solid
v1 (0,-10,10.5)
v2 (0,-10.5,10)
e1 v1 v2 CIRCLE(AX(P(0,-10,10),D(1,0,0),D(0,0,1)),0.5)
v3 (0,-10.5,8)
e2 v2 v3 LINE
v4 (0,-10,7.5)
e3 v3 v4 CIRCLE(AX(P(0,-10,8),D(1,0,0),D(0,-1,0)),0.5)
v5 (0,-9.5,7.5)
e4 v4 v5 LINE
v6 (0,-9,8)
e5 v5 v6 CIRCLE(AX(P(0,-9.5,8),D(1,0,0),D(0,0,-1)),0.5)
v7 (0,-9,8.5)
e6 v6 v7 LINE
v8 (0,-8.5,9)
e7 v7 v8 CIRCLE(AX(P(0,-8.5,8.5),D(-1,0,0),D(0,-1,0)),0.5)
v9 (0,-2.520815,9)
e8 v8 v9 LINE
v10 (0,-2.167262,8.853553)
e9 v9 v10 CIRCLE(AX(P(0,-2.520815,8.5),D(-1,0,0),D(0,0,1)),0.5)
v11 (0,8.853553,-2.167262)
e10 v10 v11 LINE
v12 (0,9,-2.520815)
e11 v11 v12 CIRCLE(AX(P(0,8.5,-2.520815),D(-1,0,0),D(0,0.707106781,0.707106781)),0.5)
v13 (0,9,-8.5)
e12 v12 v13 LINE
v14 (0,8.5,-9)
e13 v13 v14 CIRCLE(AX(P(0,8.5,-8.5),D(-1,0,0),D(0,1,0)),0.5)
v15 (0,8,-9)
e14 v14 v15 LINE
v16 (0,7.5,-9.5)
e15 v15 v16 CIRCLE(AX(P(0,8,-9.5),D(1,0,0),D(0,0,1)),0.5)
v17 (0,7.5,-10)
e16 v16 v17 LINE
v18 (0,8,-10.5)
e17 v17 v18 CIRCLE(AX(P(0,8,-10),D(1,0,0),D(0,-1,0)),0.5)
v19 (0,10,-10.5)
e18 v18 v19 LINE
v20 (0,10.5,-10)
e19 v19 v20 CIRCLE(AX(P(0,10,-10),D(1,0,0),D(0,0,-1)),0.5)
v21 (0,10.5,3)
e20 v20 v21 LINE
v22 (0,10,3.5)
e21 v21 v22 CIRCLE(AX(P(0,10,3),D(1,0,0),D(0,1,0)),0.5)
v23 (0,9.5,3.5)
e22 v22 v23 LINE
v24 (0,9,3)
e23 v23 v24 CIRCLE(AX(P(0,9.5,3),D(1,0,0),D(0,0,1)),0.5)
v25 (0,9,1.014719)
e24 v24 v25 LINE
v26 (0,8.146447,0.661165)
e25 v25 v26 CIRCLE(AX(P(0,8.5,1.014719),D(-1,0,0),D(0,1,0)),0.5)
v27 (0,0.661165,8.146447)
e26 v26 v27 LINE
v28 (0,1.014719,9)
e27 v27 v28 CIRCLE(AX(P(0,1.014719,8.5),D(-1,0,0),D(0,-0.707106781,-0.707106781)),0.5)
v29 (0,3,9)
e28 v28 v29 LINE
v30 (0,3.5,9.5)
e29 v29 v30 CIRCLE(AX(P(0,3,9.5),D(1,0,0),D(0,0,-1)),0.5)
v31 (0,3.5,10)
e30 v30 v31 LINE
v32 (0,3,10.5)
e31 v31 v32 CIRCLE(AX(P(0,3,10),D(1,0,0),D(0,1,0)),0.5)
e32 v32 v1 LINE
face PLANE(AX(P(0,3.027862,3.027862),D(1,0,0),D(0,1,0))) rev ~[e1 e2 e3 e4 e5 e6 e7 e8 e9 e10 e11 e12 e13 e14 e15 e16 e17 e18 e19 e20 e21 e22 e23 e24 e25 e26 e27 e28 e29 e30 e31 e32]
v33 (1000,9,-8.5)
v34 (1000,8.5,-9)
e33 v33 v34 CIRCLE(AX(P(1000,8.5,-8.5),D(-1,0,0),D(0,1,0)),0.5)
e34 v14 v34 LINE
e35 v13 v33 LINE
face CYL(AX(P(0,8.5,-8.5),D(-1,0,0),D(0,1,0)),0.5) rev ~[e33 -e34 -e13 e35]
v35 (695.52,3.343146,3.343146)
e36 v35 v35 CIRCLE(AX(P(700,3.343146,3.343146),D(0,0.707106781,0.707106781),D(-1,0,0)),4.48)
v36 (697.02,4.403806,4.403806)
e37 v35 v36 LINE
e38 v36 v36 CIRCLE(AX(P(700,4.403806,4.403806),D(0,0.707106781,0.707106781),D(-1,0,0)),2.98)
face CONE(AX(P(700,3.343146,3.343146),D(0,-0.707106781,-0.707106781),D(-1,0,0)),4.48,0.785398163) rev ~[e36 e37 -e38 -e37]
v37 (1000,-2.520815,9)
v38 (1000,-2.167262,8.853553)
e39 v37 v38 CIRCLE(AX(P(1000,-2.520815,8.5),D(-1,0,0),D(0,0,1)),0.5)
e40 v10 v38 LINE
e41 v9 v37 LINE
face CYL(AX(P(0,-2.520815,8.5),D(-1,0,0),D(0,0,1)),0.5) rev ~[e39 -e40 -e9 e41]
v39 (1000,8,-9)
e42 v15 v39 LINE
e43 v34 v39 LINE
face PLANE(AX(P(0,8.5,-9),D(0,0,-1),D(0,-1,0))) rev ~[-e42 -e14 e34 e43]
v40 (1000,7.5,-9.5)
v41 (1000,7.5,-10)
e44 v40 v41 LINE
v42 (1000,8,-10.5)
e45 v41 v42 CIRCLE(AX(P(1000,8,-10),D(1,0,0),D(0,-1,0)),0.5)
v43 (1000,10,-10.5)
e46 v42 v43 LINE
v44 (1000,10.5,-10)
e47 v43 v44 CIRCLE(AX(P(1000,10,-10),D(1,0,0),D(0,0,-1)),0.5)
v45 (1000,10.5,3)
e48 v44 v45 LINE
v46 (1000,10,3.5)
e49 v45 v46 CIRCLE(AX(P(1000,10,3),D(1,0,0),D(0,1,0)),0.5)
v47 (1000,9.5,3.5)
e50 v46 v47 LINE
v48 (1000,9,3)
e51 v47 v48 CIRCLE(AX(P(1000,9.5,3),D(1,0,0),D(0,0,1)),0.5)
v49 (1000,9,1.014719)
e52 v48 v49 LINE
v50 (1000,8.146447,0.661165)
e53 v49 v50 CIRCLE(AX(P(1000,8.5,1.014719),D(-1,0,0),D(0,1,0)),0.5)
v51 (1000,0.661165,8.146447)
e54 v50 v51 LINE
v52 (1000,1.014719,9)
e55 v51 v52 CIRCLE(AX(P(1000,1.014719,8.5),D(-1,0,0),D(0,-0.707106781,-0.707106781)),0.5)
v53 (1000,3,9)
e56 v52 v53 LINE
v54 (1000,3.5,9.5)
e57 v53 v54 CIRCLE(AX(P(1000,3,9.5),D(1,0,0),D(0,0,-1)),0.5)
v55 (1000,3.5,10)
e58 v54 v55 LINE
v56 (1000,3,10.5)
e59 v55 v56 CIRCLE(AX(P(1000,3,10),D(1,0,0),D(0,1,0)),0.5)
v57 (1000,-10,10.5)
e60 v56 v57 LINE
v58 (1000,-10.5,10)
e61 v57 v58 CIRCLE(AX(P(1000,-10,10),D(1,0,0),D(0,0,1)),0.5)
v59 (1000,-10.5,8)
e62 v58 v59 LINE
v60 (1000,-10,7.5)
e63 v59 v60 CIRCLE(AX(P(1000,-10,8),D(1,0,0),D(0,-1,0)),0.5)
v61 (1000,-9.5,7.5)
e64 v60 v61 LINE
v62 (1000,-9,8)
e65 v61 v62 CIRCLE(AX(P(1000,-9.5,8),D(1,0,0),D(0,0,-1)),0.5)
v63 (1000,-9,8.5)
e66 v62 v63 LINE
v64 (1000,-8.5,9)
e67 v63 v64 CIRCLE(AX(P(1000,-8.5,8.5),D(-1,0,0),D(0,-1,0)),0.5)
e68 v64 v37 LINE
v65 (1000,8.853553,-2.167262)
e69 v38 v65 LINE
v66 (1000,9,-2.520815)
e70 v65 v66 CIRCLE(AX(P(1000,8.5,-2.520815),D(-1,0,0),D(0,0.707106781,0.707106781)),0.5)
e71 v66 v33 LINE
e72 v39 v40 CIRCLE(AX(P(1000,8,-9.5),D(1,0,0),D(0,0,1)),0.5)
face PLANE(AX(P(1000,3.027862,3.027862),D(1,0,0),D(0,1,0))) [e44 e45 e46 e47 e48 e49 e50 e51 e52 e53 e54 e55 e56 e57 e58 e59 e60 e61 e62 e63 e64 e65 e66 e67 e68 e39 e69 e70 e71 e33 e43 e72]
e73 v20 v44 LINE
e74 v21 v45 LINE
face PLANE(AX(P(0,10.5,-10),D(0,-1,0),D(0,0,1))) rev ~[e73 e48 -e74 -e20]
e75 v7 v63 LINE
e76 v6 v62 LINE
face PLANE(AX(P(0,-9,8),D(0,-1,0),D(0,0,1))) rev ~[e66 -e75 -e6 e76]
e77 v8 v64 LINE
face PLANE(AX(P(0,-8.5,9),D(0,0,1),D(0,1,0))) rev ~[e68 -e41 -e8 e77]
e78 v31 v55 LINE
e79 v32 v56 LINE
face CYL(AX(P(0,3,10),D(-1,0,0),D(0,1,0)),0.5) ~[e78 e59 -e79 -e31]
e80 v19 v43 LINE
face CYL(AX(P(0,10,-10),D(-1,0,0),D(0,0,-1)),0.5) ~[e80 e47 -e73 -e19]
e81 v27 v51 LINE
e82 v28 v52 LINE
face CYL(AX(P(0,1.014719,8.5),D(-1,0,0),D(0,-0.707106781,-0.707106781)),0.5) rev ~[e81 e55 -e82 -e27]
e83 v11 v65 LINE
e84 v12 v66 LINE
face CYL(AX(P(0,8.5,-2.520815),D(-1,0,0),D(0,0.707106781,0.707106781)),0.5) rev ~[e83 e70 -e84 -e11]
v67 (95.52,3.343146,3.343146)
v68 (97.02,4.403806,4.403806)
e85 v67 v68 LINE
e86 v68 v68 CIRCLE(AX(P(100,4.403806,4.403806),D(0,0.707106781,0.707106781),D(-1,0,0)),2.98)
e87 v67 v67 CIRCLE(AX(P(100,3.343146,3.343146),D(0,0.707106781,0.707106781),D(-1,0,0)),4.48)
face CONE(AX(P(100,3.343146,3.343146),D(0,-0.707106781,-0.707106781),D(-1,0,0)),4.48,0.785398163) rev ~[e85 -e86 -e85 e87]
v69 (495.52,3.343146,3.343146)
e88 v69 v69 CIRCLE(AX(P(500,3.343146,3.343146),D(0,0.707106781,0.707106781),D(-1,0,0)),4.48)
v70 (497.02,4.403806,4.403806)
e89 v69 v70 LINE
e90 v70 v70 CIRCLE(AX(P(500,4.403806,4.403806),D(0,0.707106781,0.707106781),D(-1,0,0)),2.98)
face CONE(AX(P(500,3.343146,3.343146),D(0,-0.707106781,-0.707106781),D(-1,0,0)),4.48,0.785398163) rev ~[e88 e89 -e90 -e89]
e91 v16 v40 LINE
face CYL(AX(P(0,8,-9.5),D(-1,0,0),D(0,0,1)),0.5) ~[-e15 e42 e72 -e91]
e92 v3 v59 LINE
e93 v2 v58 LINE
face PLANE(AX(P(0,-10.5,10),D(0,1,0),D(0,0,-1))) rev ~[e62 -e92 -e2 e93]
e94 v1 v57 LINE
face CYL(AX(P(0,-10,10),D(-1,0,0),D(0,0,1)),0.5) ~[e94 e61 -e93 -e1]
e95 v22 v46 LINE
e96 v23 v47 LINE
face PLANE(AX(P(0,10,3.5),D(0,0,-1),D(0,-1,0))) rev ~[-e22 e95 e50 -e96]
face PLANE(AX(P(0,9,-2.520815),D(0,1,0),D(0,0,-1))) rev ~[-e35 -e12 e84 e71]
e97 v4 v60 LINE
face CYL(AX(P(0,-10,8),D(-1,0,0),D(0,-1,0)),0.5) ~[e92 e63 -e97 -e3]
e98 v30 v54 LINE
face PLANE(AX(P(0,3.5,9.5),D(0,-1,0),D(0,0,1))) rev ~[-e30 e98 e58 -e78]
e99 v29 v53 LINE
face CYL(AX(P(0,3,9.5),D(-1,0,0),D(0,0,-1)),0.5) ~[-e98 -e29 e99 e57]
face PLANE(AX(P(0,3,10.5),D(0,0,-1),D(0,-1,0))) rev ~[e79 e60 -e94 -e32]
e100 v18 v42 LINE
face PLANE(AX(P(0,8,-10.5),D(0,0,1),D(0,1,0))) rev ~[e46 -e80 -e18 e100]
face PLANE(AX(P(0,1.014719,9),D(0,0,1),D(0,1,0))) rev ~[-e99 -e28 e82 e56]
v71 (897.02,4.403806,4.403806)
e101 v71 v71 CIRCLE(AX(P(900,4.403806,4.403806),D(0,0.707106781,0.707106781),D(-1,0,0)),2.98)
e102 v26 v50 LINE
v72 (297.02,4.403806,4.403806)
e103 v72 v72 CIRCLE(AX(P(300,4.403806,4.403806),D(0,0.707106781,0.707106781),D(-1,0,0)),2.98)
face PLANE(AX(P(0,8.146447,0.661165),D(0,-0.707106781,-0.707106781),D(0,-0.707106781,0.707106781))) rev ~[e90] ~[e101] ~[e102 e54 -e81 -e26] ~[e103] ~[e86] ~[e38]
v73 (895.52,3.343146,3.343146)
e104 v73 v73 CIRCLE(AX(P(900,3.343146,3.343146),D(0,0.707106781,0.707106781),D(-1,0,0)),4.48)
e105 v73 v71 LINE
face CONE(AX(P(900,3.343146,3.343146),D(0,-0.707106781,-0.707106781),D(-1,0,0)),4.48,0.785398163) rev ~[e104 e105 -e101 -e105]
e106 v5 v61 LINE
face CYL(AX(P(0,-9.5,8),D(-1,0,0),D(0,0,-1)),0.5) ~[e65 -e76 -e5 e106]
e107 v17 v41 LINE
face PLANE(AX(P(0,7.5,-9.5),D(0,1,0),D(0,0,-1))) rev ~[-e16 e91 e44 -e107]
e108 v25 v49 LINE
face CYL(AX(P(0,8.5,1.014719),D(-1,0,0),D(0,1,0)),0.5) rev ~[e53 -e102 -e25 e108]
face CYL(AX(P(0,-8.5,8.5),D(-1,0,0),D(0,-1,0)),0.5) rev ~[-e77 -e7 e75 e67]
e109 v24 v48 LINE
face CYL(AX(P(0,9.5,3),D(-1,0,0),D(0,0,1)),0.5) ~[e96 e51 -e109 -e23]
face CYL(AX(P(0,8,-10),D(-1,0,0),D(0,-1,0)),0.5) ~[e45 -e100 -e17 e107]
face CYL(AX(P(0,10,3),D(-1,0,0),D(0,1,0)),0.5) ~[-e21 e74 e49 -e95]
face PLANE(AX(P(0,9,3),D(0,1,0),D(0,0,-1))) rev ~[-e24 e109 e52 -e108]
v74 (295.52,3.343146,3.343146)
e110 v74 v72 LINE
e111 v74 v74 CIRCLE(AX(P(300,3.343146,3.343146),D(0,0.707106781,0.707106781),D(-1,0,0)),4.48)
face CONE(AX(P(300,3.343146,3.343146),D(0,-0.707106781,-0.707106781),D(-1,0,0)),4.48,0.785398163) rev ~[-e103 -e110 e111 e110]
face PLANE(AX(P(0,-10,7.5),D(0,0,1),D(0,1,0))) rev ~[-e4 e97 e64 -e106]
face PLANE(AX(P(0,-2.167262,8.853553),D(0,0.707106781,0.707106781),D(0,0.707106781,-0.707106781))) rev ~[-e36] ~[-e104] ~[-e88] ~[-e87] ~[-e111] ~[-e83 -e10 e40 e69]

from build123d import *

# Parameters (mm, degrees)
F1_DEPTH       = 1000
F3_D           = 4.4
F3_CSINK_D     = 8.96
F3_CSINK_ANGLE = 90


with BuildPart() as f1:
    # F0 (on Right) → F1 (new body)
    with BuildSketch(Plane.YZ):
        with BuildLine():
            Line((8, -10.5), (10, -10.5))
            ThreePointArc((10, -10.5), (10.3535533906, -10.3535533906), (10.5, -10))
            Line((10.5, -10), (10.5, 3))
            ThreePointArc((10.5, 3), (10.3535533906, 3.3535533906), (10, 3.5))
            Line((10, 3.5), (9.5, 3.5))
            ThreePointArc((9.5, 3.5), (9.1464466094, 3.3535533906), (9, 3))
            Line((9, 3), (9, 1.0147186258))
            ThreePointArc((9, 1.0147186258), (8.6913417162, 0.5527788595), (8.1464466094, 0.6611652352))
            Line((8.1464466094, 0.6611652352), (0.6611652352, 8.1464466094))
            ThreePointArc((0.6611652352, 8.1464466094), (0.5527788595, 8.6913417162), (1.0147186258, 9))
            Line((1.0147186258, 9), (3, 9))
            ThreePointArc((3, 9), (3.3535533906, 9.1464466094), (3.5, 9.5))
            Line((3.5, 9.5), (3.5, 10))
            ThreePointArc((3.5, 10), (3.3535533906, 10.3535533906), (3, 10.5))
            Line((3, 10.5), (-10, 10.5))
            ThreePointArc((-10, 10.5), (-10.3535533906, 10.3535533906), (-10.5, 10))
            Line((-10.5, 10), (-10.5, 8))
            ThreePointArc((-10.5, 8), (-10.3535533906, 7.6464466094), (-10, 7.5))
            Line((-10, 7.5), (-9.5, 7.5))
            ThreePointArc((-9.5, 7.5), (-9.1464466094, 7.6464466094), (-9, 8))
            Line((-9, 8), (-9, 8.5))
            ThreePointArc((-9, 8.5), (-8.8535533906, 8.8535533906), (-8.5, 9))
            Line((-8.5, 9), (-2.5208152802, 9))
            ThreePointArc((-2.5208152802, 9), (-2.329473564, 8.9619397663), (-2.1672618896, 8.8535533906))
            Line((-2.1672618896, 8.8535533906), (8.8535533906, -2.1672618896))
            ThreePointArc((8.8535533906, -2.1672618896), (8.9619397663, -2.329473564), (9, -2.5208152802))
            Line((9, -2.5208152802), (9, -8.5))
            ThreePointArc((9, -8.5), (8.8535533906, -8.8535533906), (8.5, -9))
            Line((8.5, -9), (8, -9))
            ThreePointArc((8, -9), (7.6464466094, -9.1464466094), (7.5, -9.5))
            Line((7.5, -9.5), (7.5, -10))
            ThreePointArc((7.5, -10), (7.6464466094, -10.3535533906), (8, -10.5))
        make_face()
    extrude(amount=F1_DEPTH)

    # F3 (through all)
    with Locations(Plane(origin=(0, 3.3431457505, 3.3431457505), x_dir=(1, 0, 0), z_dir=(0, -0.7071067812, -0.7071067812))):
        with Locations((300, 0), (500, 0), (700, 0), (900, 0), (100, 0)):
            CounterSinkHole(F3_D / 2, F3_CSINK_D / 2, counter_sink_angle=F3_CSINK_ANGLE)


solid = f1.part
